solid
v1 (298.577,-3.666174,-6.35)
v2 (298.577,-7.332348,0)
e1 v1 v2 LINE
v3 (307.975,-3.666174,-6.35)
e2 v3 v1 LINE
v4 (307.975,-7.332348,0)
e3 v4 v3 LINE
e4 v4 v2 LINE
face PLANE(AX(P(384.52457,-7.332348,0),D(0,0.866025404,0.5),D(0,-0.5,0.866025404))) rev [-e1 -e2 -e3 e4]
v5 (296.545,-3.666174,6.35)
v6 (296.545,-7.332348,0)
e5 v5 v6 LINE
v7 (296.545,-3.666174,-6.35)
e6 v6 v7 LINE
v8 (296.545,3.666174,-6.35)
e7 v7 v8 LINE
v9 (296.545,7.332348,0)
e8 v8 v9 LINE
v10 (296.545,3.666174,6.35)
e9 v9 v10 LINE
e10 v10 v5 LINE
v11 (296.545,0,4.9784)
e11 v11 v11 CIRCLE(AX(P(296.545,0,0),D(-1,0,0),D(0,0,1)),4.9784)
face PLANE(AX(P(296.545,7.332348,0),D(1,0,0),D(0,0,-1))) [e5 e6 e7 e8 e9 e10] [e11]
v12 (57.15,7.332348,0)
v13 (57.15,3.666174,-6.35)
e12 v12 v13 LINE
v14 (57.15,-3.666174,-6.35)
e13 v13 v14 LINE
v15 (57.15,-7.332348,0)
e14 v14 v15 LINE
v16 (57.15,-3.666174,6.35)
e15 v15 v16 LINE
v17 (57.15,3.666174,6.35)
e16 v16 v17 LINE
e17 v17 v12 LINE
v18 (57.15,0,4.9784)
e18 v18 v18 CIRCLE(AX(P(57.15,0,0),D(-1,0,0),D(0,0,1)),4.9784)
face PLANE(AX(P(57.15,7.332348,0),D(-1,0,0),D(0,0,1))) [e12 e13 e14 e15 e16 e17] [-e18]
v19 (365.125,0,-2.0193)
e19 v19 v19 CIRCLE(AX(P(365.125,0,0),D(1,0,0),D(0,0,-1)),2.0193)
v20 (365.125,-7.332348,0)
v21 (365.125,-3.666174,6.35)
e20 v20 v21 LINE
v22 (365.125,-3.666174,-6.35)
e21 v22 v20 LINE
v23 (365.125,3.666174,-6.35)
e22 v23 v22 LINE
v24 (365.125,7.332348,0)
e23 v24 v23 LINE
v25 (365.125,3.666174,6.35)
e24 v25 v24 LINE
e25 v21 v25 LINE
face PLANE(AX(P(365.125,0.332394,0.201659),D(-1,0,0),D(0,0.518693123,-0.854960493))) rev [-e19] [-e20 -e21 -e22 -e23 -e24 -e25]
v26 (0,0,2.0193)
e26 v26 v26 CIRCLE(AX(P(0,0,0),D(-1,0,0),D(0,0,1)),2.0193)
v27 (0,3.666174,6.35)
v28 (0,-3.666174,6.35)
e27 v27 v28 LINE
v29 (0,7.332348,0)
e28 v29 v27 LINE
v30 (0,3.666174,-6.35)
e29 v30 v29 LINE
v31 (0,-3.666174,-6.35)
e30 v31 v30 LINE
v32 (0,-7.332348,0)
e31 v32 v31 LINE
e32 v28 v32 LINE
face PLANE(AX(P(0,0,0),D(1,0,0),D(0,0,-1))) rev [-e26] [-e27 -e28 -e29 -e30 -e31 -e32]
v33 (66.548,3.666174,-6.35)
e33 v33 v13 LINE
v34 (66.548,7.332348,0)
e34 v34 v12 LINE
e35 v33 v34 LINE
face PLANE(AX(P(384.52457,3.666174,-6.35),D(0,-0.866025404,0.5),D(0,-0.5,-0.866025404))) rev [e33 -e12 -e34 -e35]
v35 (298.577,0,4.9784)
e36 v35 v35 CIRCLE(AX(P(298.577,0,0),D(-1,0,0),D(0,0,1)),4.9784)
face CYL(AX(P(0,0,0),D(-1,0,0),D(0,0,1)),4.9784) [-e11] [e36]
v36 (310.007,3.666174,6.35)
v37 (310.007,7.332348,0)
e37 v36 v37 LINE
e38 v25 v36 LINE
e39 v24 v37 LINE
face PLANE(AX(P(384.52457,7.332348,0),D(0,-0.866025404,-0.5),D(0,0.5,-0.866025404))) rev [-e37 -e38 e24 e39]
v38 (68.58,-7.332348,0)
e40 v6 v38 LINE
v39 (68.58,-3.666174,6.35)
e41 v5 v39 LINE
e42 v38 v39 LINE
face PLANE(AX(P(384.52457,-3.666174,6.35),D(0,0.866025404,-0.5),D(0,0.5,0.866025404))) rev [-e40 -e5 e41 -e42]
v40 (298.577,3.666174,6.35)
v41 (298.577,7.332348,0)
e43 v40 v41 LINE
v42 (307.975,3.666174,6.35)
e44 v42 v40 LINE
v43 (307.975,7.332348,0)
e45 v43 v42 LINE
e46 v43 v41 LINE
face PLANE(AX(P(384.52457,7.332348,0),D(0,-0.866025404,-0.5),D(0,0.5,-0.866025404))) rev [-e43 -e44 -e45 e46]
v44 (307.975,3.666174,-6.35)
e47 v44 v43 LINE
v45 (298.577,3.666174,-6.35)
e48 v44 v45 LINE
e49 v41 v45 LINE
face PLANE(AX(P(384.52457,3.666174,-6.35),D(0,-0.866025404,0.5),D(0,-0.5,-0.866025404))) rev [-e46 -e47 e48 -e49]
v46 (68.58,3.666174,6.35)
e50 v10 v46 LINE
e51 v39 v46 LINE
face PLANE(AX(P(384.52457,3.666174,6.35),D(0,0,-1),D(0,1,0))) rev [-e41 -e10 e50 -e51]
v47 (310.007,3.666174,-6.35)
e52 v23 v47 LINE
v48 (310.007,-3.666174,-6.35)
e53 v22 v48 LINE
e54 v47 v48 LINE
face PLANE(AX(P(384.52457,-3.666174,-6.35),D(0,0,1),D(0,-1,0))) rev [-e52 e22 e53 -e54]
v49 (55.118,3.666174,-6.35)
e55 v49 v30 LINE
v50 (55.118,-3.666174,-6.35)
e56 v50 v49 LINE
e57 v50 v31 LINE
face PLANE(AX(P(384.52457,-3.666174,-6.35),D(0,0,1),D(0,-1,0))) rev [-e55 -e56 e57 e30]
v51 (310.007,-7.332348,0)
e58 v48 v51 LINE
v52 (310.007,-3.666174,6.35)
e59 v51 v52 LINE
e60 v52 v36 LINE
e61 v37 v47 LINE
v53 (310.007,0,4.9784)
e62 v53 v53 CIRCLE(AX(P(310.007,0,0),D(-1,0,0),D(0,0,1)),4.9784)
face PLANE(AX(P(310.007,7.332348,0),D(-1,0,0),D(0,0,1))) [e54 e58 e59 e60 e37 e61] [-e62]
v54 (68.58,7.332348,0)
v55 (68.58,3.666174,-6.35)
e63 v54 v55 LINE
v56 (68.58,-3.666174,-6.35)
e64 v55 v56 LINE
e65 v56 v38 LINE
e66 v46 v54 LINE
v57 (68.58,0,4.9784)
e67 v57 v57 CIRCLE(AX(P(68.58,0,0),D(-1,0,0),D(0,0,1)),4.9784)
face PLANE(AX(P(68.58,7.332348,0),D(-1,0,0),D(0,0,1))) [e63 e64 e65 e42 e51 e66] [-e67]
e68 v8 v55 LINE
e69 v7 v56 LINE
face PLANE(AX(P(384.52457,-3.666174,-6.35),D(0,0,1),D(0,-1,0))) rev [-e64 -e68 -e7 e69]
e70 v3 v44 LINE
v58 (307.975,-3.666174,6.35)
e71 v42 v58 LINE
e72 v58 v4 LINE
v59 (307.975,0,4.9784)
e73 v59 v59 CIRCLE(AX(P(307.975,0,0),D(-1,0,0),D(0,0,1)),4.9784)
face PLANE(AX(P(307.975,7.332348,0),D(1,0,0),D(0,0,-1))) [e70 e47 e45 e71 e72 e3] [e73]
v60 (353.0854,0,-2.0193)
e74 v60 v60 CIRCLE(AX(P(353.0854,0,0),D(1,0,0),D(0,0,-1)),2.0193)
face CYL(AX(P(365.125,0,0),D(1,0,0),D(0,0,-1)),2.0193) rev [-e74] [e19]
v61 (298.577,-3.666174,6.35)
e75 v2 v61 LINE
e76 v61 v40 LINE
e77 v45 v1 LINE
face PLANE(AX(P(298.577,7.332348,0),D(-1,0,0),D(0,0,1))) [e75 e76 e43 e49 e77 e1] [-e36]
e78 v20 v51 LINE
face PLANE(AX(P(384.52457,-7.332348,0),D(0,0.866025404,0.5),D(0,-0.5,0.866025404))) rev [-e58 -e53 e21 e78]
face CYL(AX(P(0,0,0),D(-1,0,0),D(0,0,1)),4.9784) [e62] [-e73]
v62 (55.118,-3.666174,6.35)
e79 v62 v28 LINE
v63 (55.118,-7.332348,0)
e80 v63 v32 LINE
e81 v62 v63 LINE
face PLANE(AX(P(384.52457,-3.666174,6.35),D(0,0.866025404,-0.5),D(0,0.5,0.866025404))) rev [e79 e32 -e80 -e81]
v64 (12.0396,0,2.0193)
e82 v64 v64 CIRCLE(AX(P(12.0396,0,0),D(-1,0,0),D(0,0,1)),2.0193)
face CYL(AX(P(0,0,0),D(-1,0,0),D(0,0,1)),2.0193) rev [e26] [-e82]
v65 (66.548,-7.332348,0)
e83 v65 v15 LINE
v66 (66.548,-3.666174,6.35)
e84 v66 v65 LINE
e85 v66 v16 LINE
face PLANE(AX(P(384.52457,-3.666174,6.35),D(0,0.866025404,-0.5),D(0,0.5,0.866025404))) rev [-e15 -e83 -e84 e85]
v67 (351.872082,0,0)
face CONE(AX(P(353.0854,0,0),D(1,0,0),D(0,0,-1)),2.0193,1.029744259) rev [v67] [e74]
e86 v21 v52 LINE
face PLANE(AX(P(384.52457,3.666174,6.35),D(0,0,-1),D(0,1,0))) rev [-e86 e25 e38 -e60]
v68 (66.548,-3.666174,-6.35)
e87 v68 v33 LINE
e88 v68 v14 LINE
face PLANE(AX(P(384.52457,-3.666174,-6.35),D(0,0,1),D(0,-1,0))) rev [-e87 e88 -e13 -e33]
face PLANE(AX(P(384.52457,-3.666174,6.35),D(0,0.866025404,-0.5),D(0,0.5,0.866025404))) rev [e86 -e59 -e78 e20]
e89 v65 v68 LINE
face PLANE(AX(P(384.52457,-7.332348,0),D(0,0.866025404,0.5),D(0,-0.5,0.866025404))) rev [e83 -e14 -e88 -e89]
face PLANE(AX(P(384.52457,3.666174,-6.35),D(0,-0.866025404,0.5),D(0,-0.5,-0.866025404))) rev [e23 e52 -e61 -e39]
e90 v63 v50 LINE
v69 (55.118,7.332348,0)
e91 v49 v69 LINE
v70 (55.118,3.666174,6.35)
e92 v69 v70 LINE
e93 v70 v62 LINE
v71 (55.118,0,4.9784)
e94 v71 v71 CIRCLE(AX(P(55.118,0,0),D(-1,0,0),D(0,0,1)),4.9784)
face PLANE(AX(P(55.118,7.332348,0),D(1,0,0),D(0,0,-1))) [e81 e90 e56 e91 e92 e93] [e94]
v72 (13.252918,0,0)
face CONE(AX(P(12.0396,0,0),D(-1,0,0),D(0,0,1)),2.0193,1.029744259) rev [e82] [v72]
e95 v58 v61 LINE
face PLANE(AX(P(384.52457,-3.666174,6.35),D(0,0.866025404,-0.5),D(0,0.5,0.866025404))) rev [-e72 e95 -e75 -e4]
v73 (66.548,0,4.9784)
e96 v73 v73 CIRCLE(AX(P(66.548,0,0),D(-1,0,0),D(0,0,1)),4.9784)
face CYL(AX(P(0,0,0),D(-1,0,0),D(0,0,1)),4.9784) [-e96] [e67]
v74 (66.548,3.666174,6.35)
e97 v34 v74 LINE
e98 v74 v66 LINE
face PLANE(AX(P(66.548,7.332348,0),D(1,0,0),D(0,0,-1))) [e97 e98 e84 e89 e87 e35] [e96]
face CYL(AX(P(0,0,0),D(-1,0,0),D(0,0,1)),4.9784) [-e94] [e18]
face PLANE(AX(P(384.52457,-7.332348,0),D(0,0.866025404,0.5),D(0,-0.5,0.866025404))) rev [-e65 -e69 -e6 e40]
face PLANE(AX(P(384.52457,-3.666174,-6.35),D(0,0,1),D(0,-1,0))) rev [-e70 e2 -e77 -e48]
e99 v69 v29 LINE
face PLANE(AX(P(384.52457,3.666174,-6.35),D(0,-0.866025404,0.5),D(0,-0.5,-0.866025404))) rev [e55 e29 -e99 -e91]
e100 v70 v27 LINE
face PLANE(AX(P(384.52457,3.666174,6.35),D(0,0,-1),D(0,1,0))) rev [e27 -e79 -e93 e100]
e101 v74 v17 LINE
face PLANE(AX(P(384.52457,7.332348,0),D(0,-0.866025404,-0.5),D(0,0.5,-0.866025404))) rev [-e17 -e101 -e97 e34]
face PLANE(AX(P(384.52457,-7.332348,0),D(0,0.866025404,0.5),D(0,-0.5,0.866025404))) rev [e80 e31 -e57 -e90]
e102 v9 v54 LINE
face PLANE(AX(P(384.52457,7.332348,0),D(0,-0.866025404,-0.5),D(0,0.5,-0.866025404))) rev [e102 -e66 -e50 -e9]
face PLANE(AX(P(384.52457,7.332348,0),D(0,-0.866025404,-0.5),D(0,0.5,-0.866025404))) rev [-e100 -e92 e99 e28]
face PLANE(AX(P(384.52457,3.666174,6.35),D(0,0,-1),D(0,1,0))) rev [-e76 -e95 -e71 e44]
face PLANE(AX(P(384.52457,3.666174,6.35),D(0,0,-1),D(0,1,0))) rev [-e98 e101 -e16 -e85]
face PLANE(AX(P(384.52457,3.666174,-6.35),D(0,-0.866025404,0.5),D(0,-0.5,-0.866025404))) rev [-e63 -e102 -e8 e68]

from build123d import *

# Parameters (mm, degrees)
BOSS_EXTRUDE1_DEPTH        = 365.125
F_10_32_TAPPED_HOLE1_D     = 4.0386
F_10_32_TAPPED_HOLE1_DEPTH = 12.0396
F_10_32_TAPPED_HOLE1_TIP   = 1.213317848
F_10_32_TAPPED_HOLE2_D     = 4.0386
F_10_32_TAPPED_HOLE2_DEPTH = 12.0396
F_10_32_TAPPED_HOLE2_TIP   = 1.213317848
SKETCH6_W                  = 2.032
SKETCH6_H                  = 2.353948419


with BuildPart() as part:
    # Sketch1 → Boss-Extrude1 (new body)
    with BuildSketch(Plane(origin=(0, 0, 0), x_dir=(0, 0, -1), z_dir=(1, 0, 0))):
        Polygon((0, 7.332348419), (-6.35, 3.666174209), (-6.35, -3.666174209), (0, -7.332348419), (6.35, -3.666174209), (6.35, 3.666174209), align=None)
    extrude(amount=BOSS_EXTRUDE1_DEPTH)

    # #10-32 Tapped Hole1
    with Locations(Plane(origin=(365.125, 0, 0), x_dir=(0, 0, -1), z_dir=(1, 0, 0))):
        with Locations((0, 0)):
            Hole(F_10_32_TAPPED_HOLE1_D / 2, depth=F_10_32_TAPPED_HOLE1_DEPTH)
            with Locations((0, 0, -(F_10_32_TAPPED_HOLE1_DEPTH + F_10_32_TAPPED_HOLE1_TIP / 2))):  # 118° drill point
                Cone(0, F_10_32_TAPPED_HOLE1_D / 2, F_10_32_TAPPED_HOLE1_TIP, mode=Mode.SUBTRACT)

    # #10-32 Tapped Hole2
    with Locations(Plane.ZY):
        with Locations((0, 0)):
            Hole(F_10_32_TAPPED_HOLE2_D / 2, depth=F_10_32_TAPPED_HOLE2_DEPTH)
            with Locations((0, 0, -(F_10_32_TAPPED_HOLE2_DEPTH + F_10_32_TAPPED_HOLE2_TIP / 2))):  # 118° drill point
                Cone(0, F_10_32_TAPPED_HOLE2_D / 2, F_10_32_TAPPED_HOLE2_TIP, mode=Mode.SUBTRACT)

    # Sketch6 → Cut-Revolve1 (revolve, cut)
    with BuildSketch(Plane.XY):
        with Locations((56.134, 6.15537421)):
            Rectangle(SKETCH6_W, SKETCH6_H)
        with Locations((67.564, 6.15537421)):
            Rectangle(SKETCH6_W, SKETCH6_H)
        with Locations((297.561, 6.15537421)):
            Rectangle(SKETCH6_W, SKETCH6_H)
        with Locations((308.991, 6.15537421)):
            Rectangle(SKETCH6_W, SKETCH6_H)
    revolve(axis=Axis((0, 0, 0), (1, 0, 0)), mode=Mode.SUBTRACT)


solid = part.part
